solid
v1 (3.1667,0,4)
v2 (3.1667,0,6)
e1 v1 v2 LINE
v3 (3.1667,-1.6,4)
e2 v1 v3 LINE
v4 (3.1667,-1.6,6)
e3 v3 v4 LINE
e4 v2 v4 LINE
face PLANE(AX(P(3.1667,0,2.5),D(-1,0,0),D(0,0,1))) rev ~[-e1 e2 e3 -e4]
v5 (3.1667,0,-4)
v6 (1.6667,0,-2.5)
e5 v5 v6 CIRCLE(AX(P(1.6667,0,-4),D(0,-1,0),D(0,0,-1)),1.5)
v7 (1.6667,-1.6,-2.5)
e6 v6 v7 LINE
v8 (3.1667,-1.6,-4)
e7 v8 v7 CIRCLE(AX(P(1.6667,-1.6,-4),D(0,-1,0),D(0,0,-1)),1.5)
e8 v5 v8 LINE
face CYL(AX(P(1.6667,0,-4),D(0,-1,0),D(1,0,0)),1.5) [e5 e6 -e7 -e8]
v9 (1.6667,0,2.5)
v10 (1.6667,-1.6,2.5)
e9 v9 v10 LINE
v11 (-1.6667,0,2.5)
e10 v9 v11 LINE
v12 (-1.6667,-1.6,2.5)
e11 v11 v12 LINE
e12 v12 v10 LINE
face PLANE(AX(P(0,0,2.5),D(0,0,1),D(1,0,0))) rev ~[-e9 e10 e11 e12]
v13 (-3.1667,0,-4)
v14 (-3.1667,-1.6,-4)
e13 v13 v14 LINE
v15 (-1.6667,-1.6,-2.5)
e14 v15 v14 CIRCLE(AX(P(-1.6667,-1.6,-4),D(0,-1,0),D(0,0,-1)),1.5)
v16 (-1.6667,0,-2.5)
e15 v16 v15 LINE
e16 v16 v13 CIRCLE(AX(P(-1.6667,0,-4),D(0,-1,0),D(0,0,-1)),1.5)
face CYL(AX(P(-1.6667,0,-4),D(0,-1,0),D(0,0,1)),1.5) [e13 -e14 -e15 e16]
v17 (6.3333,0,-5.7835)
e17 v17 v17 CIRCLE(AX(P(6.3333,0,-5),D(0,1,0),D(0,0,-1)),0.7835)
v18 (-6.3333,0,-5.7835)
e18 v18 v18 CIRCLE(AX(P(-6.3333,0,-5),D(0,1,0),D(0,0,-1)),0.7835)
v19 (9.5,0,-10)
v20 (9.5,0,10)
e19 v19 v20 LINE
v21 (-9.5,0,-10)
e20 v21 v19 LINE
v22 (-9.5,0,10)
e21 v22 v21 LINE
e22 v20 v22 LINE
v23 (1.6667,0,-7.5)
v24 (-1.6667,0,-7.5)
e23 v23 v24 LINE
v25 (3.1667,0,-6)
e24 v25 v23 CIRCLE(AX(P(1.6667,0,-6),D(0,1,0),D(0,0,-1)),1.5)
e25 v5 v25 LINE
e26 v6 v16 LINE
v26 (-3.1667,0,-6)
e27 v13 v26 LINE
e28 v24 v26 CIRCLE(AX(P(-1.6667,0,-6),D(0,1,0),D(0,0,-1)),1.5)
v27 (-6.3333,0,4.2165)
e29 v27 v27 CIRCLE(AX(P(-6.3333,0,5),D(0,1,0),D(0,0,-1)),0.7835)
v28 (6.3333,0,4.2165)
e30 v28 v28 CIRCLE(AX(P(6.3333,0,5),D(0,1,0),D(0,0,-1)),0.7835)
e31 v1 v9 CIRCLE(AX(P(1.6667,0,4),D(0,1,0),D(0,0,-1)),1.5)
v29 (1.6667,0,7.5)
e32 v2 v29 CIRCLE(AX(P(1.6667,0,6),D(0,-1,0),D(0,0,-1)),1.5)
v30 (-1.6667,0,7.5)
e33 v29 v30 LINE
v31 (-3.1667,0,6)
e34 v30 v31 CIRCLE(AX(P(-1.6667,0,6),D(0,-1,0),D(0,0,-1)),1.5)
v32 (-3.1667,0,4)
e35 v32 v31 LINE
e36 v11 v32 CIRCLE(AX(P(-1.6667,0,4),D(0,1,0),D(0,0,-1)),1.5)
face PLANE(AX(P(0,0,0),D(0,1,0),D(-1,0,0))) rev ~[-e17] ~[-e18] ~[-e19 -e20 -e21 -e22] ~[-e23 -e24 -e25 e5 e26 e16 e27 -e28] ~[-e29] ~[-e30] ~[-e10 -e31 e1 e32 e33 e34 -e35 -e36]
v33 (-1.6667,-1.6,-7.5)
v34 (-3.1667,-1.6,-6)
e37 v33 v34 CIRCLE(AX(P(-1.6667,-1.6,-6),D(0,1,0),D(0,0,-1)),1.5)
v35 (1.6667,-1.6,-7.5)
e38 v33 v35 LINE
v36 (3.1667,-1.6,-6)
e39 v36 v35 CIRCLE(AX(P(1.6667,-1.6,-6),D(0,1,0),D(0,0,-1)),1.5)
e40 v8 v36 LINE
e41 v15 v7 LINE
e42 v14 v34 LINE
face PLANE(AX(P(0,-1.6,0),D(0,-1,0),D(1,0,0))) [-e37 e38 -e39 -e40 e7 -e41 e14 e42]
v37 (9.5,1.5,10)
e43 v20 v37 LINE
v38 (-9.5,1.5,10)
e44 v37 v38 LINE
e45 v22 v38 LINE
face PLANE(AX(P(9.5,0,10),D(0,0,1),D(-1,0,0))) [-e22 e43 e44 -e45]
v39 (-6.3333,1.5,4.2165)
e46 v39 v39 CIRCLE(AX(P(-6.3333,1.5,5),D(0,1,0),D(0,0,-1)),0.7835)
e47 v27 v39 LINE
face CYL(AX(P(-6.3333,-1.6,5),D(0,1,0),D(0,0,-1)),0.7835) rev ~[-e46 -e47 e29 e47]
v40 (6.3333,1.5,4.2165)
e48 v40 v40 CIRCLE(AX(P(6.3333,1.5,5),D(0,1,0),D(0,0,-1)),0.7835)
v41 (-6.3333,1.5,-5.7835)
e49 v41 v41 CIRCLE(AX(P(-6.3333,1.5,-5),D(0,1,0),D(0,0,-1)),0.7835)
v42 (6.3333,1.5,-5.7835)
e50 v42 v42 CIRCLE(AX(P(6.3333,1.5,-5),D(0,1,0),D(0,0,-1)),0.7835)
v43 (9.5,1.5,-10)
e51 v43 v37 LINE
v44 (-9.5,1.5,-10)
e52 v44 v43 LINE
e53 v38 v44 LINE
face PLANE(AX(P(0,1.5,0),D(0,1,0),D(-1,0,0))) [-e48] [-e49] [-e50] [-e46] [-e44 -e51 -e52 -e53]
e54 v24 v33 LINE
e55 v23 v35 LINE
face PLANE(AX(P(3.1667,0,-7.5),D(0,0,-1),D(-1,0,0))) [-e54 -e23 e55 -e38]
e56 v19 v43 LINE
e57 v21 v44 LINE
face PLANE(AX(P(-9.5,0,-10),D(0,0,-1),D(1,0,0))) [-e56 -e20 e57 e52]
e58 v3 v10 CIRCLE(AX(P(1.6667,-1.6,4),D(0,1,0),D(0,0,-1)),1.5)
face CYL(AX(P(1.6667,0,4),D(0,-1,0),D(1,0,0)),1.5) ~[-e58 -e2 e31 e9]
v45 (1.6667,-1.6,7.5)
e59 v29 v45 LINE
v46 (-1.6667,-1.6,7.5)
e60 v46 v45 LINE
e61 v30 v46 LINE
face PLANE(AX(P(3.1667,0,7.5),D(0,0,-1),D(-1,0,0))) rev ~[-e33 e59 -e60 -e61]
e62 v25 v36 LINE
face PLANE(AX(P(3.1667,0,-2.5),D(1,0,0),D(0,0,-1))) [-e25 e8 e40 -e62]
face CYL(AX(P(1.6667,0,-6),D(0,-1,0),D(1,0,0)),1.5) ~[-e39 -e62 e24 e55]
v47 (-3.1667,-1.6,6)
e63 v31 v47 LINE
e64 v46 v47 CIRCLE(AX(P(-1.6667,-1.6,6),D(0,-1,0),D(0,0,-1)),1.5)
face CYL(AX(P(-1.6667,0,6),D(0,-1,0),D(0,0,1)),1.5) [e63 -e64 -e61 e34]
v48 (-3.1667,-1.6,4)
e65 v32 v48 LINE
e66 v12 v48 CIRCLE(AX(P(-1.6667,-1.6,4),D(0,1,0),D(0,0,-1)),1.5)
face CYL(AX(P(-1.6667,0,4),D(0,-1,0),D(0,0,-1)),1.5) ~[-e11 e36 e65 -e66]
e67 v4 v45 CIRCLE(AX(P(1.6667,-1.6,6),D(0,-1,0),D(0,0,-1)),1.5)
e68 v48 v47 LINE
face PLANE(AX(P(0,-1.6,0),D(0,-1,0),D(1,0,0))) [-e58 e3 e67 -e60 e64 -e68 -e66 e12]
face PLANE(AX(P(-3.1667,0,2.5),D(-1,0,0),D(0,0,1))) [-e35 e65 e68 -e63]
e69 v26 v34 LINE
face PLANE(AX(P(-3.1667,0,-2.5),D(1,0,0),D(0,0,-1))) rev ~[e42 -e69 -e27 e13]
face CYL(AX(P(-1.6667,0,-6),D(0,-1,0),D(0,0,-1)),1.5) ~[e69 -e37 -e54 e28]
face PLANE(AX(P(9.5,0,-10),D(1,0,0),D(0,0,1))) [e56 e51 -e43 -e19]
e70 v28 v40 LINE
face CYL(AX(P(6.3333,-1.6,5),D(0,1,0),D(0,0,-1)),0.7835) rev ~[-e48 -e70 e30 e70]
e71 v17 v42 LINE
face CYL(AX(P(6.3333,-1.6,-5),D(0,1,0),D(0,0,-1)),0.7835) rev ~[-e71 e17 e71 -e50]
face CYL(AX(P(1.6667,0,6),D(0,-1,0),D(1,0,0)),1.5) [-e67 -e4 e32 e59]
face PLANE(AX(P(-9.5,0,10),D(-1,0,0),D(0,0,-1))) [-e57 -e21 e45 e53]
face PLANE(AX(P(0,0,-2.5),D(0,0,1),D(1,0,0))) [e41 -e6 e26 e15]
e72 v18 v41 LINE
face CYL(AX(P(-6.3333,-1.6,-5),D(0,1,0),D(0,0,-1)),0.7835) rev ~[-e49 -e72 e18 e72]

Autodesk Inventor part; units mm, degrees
ref_plane "YZ Plane" through (0, 0, 0) normal (1, 0, 0) x (0, 1, 0)
ref_plane "XZ Plane" through (0, 0, 0) normal (0, 1, 0) x (-1, 0, 0)
ref_plane "XY Plane" through (0, 0, 0) normal (0, 0, 1) x (1, 0, 0)
sketch "スケッチ1" plane through (0, 0, 0) normal (0, 1, 0) x (-1, 0, 0)
  line L0 (9.5, -10) -> (-9.5, -10)
  line L1 (-9.5, -10) -> (-9.5, 10)
  line L2 (-9.5, 10) -> (9.5, 10)
  line L3 (9.5, 10) -> (9.5, -10)
  line L4 (9.5, -10) -> (-9.5, 10) construction
  point P0 (0, 0)
  point P1 (0, 0)
  dimension "d0" = 19
  dimension "d1" = 20
extrude "押し出し1" add sketch "スケッチ1" along normal blind 1.5
sketch "スケッチ3" plane through (0, 0, 0) normal (0, -1, 0) x (1, 0, 0)
  line L0 (-9.5, 10) -> (9.5, 10) projected
  line L1 (-9.5, -10) -> (-9.5, 10) projected
  line L2 (9.5, -10) -> (-9.5, -10) projected
  line L3 (9.5, 10) -> (9.5, -10) projected
  line L4 (-9.5, 0) -> (9.5, 0)
  line L5 (-9.5, 10) -> (9.5, 10) projected
  line L6 (0, 10) -> (0, -10)
  line L7 (0, 2.5) -> (-3.1667, 2.5)
  line L8 (-3.1667, 2.5) -> (-3.1667, 7.5)
  line L9 (-3.1667, 7.5) -> (0, 7.5)
  line L10 (0, 2.5) -> (3.1667, 2.5)
  line L11 (3.1667, 2.5) -> (3.1667, 7.5)
  line L12 (3.1667, 7.5) -> (0, 7.5)
  line L13 (0, -2.5) -> (-3.1667, -2.5)
  line L14 (-3.1667, -2.5) -> (-3.1667, -7.5)
  line L15 (-3.1667, -7.5) -> (0, -7.5)
  line L16 (3.1667, -2.5) -> (3.1667, -7.5)
  line L17 (0, -2.5) -> (3.1667, -2.5)
  line L18 (3.1667, -7.5) -> (0, -7.5)
  point P0 (0, 0)
  point P1 (0, 0)
  dimension "d8" = 3.1667
  dimension "d9" = 2.5
  dimension "d10" = 5
extrude "押し出し2" add sketch "スケッチ3" along normal blind 1.6 contours L12 L11 L10 L6 | L6 L7 L8 L9 | L17 L16 L18 L6 | L6 L15 L14 L13
sketch "スケッチ4" plane through (0, -1.6, 0) normal (0, -1, 0) x (1, 0, 0)
  line L0 (3.1667, 2.5) -> (3.1667, 7.5) projected
  line L1 (-3.1667, 7.5) -> (-3.1667, 2.5) projected
  line L2 (-3.1667, -2.5) -> (-3.1667, -7.5) projected
  line L3 (3.1667, -7.5) -> (3.1667, -2.5) projected
  line L4 (3.1667, 7.5) -> (3.1667, 2.5) construction
  line L5 (3.1667, 5) -> (6.3333, 5) construction
  line L6 (6.3333, 5) -> (9.5, 5) construction
  line L7 (9.5, 10) -> (9.5, -10) construction
  line L8 (9.5, 0) -> (-9.5, 0)
  line L9 (-9.5, -10) -> (-9.5, 10) projected
  line L10 (3.1667, 2.5) -> (-3.1667, 2.5) projected
  line L11 (0, 2.5) -> (0, -2.5)
  point P0 (0, 0)
  point P1 (6.3333, -5)
  point P2 (-6.3333, 5)
  point P3 (-6.3333, -5)
hole "穴1" at (6.3333, -1.6, 5) at (6.3333, -1.6, -5) at (-6.3333, -1.6, 5) at (-6.3333, -1.6, -5) direction (0, 1, 0) diameter 1.567 end through all thread size "M2x0.4" class "6H" standard "ISO Metric profile"
fillet "フィレット1" radius 1.5 8 edges at (3.1667, -0.8, 2.5) (3.1667, -0.8, 7.5) (-3.1667, -0.8, 7.5) (-3.1667, -0.8, 2.5) (3.1667, -0.8, -2.5) (3.1667, -0.8, -7.5) (-3.1667, -0.8, -7.5) (-3.1667, -0.8, -2.5)
properties part number "jump" material "ABS プラスチック"
